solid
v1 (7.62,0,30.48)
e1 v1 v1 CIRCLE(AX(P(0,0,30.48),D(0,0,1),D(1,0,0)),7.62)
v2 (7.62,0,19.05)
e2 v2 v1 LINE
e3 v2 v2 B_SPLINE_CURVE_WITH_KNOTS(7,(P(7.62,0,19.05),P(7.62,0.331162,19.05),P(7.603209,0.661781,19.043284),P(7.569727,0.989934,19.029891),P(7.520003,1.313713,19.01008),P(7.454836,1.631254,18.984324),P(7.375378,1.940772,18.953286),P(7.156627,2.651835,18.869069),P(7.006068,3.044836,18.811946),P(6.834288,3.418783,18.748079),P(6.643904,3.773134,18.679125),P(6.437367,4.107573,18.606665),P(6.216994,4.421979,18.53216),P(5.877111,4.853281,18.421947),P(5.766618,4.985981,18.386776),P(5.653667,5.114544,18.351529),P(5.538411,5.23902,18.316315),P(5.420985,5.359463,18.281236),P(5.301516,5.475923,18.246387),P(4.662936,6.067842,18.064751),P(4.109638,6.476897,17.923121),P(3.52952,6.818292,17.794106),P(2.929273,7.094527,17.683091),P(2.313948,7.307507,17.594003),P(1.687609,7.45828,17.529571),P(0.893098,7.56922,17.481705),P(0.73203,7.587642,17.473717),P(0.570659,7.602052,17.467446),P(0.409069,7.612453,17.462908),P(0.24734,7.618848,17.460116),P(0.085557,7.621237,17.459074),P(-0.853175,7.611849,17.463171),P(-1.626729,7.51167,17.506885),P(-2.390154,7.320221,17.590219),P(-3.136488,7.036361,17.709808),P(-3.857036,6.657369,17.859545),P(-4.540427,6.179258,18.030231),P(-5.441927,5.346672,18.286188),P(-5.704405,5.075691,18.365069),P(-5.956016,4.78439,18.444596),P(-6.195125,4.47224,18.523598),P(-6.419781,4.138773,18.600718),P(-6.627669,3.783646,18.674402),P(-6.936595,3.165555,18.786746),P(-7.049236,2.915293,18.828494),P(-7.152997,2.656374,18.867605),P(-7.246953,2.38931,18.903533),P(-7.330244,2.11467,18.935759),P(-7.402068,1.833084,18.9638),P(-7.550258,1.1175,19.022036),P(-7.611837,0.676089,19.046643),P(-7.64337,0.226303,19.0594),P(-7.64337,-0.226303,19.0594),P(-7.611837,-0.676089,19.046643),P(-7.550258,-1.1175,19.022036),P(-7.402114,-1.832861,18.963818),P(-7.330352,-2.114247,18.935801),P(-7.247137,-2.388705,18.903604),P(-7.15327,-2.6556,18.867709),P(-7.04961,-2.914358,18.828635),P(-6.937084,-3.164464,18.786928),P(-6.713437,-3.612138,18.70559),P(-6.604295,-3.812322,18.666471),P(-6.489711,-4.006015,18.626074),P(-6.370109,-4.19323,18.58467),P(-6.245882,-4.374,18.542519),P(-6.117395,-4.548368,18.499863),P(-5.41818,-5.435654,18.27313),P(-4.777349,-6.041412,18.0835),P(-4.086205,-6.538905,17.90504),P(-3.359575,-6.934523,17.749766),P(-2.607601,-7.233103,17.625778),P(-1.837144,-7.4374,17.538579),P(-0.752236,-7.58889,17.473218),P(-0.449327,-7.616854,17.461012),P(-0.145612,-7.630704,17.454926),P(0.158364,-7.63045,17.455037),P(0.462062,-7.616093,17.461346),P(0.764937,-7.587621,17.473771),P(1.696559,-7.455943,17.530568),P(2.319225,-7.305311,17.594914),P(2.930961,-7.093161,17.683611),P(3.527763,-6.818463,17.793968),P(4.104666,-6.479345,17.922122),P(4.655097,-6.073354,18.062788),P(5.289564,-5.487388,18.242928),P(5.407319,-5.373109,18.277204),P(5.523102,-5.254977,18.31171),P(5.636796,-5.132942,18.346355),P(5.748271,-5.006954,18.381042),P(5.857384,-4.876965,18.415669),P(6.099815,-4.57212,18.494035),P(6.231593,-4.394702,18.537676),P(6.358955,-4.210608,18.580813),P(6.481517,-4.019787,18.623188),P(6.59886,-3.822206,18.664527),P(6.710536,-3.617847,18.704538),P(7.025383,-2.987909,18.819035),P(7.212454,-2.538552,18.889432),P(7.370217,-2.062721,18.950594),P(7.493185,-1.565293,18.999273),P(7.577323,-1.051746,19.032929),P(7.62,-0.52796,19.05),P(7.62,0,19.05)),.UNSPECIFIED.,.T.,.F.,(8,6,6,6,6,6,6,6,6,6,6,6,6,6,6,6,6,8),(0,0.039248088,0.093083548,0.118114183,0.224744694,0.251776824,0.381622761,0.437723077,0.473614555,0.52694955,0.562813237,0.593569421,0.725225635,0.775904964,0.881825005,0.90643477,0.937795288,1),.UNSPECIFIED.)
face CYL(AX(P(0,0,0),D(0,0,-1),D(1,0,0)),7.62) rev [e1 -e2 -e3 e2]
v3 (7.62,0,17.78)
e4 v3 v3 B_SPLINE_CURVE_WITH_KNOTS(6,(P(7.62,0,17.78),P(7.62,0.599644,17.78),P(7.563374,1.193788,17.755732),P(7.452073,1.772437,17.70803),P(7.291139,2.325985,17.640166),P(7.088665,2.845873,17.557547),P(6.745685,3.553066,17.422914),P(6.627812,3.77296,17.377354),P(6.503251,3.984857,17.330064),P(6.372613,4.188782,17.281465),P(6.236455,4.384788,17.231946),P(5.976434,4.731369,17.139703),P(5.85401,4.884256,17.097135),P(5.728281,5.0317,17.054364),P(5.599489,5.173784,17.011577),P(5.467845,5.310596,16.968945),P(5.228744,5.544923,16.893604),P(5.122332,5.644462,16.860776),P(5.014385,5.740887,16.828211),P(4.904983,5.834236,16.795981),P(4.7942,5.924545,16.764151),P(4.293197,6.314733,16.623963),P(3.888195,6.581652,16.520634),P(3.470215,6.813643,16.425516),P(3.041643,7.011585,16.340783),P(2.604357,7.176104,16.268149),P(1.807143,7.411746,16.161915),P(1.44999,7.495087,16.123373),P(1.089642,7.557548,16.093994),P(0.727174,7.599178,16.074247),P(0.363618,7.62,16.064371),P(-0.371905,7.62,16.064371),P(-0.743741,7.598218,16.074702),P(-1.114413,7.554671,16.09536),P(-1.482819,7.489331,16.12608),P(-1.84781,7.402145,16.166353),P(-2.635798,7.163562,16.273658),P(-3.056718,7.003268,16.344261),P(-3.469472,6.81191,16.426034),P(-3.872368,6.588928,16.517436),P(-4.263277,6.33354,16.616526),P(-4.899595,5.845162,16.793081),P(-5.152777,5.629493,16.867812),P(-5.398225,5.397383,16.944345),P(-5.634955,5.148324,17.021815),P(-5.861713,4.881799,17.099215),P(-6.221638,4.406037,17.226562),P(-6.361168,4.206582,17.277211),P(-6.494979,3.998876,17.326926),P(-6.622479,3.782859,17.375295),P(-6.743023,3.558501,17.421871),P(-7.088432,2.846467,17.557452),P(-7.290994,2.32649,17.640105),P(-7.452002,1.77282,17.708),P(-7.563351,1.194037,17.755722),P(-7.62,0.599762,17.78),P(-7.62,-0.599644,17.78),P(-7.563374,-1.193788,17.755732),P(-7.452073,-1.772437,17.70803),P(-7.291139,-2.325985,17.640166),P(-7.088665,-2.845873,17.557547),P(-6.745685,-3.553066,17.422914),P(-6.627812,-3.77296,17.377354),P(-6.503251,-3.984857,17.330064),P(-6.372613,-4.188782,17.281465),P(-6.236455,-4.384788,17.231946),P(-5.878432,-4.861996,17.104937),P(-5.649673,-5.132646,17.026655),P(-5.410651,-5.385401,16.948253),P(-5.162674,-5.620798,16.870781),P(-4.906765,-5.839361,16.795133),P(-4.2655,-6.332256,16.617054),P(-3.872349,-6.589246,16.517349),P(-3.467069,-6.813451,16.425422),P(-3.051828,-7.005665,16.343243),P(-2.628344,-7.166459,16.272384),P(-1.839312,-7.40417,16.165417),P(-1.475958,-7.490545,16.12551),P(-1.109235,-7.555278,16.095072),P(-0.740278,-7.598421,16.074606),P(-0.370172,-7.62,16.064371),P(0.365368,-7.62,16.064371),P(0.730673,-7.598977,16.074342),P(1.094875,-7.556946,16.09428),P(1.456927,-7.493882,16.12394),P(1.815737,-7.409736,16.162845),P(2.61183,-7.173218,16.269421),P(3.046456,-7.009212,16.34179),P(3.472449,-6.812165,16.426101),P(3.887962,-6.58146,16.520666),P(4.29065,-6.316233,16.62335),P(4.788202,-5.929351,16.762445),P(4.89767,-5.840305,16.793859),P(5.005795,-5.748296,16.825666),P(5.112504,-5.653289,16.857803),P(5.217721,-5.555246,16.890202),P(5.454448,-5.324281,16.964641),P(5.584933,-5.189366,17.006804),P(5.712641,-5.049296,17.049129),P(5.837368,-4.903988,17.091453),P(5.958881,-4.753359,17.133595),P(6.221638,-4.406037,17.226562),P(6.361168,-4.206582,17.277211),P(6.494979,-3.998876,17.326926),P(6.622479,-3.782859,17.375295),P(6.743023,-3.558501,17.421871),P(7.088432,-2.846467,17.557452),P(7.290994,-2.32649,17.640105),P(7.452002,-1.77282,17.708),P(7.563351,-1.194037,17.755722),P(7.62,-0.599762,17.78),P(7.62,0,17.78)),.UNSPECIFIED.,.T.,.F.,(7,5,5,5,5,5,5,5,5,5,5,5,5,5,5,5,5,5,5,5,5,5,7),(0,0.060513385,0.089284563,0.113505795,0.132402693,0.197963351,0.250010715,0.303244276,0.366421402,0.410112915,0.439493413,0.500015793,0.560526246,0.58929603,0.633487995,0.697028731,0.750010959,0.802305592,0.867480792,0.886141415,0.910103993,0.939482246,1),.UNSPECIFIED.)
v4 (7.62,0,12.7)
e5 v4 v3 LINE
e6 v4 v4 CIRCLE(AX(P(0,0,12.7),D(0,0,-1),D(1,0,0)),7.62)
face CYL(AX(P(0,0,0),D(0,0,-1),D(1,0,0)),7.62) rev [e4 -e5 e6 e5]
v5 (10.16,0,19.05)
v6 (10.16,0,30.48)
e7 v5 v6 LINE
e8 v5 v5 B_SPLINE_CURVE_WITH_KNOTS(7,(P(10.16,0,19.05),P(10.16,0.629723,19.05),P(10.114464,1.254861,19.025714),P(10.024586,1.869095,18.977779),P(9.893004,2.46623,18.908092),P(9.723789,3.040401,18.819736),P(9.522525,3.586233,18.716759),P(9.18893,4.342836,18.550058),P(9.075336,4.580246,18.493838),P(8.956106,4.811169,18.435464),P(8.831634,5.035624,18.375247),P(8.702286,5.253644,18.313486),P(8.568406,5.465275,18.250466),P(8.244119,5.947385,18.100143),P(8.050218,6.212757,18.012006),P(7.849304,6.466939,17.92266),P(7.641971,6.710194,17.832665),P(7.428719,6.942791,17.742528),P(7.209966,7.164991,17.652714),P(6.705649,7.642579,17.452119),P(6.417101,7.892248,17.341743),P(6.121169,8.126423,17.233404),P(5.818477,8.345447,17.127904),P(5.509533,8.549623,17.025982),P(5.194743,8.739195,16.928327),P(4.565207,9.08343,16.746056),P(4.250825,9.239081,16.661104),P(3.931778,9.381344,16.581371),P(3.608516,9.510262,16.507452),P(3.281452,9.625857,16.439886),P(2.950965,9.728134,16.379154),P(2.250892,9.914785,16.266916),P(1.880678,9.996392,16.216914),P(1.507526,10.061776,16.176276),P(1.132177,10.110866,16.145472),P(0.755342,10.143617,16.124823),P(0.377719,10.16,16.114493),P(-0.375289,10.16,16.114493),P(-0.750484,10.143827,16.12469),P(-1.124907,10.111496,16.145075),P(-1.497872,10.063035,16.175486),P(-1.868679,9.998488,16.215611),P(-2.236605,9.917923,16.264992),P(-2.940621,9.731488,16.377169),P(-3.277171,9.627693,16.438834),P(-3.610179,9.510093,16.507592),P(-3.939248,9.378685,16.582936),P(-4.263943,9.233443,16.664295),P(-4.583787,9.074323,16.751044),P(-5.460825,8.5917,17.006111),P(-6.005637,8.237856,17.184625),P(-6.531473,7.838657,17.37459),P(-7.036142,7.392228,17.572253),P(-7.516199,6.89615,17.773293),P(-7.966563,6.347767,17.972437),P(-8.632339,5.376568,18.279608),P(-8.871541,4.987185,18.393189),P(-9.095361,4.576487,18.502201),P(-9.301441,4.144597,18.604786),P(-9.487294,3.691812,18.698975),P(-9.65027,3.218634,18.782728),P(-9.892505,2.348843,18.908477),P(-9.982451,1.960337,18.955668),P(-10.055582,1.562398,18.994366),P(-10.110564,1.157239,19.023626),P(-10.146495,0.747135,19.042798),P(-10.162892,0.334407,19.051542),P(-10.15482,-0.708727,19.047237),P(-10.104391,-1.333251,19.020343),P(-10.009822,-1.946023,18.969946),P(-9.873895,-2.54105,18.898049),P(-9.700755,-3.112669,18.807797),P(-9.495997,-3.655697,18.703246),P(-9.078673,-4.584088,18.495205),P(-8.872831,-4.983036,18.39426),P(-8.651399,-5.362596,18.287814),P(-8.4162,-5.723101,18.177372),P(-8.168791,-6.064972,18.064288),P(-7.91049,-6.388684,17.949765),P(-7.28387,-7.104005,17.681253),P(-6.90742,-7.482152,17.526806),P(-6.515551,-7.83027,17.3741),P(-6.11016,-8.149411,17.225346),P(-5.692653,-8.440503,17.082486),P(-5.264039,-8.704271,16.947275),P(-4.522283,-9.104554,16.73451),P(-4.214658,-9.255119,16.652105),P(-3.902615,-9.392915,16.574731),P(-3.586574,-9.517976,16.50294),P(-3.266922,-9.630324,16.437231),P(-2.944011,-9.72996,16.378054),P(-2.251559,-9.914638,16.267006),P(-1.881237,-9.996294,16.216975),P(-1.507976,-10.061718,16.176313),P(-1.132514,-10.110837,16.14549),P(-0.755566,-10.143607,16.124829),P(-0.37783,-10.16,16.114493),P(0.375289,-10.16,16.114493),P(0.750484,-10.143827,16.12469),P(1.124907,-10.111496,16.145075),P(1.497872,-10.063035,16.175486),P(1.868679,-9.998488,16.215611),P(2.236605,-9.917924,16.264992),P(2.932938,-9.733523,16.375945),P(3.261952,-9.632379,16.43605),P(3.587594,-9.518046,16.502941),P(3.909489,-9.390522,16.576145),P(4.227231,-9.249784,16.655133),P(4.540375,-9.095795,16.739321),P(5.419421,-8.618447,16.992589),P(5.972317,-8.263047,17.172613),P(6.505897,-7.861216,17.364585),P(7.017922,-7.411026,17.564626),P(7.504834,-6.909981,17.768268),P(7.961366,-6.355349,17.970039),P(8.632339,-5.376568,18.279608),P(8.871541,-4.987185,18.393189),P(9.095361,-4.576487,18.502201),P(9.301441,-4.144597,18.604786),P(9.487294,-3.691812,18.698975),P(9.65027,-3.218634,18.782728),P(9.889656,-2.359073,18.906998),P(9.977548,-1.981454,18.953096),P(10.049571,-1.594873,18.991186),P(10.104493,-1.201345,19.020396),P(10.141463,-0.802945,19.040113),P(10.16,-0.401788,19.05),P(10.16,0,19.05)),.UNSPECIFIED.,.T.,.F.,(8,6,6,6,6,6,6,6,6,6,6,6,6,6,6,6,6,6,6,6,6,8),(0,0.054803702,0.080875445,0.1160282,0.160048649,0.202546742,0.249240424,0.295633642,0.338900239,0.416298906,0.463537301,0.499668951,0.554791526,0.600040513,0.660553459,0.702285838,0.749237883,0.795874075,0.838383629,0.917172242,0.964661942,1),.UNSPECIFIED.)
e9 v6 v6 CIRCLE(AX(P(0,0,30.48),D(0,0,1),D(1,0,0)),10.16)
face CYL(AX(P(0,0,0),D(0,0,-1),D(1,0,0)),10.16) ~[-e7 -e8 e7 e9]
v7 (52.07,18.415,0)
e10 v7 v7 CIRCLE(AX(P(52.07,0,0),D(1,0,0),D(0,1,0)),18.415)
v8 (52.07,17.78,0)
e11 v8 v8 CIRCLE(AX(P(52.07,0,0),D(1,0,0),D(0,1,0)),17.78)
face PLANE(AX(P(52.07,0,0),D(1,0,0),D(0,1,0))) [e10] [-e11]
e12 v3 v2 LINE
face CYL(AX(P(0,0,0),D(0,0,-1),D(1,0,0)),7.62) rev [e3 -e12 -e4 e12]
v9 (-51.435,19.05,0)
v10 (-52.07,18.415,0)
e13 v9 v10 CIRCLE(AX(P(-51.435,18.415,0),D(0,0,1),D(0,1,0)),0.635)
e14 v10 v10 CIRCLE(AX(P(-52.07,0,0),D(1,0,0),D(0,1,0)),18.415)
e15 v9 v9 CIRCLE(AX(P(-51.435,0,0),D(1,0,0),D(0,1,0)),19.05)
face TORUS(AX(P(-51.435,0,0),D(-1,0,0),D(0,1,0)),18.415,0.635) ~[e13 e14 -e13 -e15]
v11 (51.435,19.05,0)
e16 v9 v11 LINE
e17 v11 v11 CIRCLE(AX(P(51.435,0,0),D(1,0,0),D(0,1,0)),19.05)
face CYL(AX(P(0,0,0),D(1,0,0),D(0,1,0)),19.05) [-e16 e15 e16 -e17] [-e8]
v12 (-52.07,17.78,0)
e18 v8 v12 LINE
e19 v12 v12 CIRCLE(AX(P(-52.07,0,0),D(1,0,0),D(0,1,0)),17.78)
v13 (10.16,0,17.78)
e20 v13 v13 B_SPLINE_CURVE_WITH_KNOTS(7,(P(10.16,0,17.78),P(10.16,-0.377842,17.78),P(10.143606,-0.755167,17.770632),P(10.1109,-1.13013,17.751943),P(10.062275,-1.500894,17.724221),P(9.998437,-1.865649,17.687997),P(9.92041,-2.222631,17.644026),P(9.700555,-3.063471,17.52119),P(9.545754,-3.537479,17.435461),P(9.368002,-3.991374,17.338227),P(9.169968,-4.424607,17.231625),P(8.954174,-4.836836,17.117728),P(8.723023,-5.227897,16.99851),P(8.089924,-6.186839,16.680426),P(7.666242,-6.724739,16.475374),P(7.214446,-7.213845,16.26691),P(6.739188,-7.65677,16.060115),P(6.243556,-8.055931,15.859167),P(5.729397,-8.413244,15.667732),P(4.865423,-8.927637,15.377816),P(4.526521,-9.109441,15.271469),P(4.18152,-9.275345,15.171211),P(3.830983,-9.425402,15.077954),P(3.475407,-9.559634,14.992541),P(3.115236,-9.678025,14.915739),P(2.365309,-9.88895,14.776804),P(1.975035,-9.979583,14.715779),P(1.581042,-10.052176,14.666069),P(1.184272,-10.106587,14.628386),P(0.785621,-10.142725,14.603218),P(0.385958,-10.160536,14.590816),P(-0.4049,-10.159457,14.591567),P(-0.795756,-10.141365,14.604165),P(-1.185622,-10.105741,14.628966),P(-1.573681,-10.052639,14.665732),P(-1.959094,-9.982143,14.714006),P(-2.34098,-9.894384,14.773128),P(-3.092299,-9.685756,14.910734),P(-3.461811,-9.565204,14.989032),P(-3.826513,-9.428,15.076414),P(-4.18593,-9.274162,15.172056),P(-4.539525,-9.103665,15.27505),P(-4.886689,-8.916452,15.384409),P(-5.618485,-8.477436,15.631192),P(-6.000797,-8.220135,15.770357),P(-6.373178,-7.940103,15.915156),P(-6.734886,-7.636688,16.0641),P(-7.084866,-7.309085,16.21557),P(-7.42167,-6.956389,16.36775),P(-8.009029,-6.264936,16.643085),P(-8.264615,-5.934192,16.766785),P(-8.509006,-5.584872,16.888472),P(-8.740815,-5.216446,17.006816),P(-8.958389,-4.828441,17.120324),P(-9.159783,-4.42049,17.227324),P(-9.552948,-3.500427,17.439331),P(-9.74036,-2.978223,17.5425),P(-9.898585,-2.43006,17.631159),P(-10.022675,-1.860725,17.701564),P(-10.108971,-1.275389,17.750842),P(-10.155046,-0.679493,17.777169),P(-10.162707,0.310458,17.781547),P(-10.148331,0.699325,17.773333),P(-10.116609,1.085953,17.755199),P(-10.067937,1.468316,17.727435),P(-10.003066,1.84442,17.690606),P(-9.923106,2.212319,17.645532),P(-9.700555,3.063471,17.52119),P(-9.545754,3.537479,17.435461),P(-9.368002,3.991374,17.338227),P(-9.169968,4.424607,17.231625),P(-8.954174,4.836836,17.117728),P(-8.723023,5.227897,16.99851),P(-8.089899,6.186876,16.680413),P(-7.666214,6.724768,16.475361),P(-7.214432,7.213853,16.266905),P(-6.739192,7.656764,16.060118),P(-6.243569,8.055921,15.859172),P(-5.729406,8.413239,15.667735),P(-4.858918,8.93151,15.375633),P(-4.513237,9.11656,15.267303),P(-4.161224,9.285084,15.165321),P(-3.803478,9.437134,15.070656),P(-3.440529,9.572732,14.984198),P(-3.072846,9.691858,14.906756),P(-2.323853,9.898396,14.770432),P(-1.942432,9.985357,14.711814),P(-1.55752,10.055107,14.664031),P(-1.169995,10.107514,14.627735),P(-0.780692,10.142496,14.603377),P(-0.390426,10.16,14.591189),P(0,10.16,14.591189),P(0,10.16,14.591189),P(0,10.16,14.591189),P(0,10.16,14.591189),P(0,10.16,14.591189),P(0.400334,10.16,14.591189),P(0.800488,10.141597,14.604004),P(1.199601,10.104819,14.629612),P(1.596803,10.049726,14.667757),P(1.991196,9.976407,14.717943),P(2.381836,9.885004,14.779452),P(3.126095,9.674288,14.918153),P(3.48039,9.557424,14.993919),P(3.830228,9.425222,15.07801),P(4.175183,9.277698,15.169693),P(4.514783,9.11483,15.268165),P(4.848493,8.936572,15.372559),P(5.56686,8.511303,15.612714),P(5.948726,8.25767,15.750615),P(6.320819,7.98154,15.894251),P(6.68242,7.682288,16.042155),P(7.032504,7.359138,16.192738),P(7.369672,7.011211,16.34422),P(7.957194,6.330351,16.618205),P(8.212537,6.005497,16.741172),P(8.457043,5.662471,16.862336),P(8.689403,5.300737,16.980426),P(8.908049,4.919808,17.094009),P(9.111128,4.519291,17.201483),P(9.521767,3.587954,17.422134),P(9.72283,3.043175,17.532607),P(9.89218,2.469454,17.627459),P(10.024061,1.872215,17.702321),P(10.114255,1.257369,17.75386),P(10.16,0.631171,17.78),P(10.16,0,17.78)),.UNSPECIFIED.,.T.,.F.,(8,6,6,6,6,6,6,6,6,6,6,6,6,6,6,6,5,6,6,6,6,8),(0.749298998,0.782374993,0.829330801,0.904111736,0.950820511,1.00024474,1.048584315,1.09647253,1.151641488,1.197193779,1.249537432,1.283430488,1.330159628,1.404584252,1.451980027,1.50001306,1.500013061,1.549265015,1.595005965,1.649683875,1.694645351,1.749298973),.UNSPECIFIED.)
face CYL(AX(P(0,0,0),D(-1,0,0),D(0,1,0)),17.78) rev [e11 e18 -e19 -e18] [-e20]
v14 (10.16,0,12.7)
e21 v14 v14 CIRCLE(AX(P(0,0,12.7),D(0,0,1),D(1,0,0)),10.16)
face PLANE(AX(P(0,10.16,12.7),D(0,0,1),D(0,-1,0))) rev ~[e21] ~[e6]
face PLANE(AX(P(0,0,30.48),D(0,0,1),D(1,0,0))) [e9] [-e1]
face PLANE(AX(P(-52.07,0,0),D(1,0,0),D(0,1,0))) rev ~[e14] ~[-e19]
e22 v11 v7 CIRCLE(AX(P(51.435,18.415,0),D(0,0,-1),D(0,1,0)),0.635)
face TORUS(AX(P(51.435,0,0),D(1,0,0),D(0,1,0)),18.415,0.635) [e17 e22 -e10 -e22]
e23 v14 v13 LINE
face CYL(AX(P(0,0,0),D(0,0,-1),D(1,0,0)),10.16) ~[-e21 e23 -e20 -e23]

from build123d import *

# Parameters (mm, degrees)
F0_R     = 19.05
F0_R_2   = 17.78
F1_DEPTH = 52.07
F2_R     = 0.635
F3_R     = 10.16
F3_R_2   = 7.62
F4_DEPTH = 30.48
F5_R     = 7.62
F6_DEPTH = 30.481
F8_DEPTH = 25.4


with BuildPart() as f1:
    # F0 (on Right) → F1 (new body, symmetric)
    with BuildSketch(Plane.YZ):
        Circle(F0_R)
        Circle(F0_R_2, mode=Mode.SUBTRACT)
    extrude(amount=F1_DEPTH, both=True)

    # F2
    f2_edges = [f1.edges().sort_by_distance(p)[0] for p in [
        (52.07, -19.05, 0),
        (-52.07, -19.05, 0),
    ]]
    fillet(f2_edges, radius=F2_R)

    # F3 (on Top) → F4 (join)
    with BuildSketch(Plane.XY):
        Circle(F3_R)
        Circle(F3_R_2, mode=Mode.SUBTRACT)
    extrude(amount=F4_DEPTH)

    # F5 (on Top) → F6 (cut, through all)
    with BuildSketch(Plane.XY):
        Circle(F5_R)
    extrude(amount=F6_DEPTH, mode=Mode.SUBTRACT)

    # F7 (on Right) → F8 (cut, symmetric)
    with BuildSketch(Plane.YZ):
        with BuildLine():
            Line((-10.16, 12.7), (-10.16, 14.591189))
            ThreePointArc((-10.16, 14.591189), (0, -17.78), (10.16, 14.591189))
            Line((10.16, 14.591189), (10.16, 12.7))
            Line((10.16, 12.7), (-10.16, 12.7))
        make_face()
    extrude(amount=F8_DEPTH, both=True, mode=Mode.SUBTRACT)


solid = f1.part
